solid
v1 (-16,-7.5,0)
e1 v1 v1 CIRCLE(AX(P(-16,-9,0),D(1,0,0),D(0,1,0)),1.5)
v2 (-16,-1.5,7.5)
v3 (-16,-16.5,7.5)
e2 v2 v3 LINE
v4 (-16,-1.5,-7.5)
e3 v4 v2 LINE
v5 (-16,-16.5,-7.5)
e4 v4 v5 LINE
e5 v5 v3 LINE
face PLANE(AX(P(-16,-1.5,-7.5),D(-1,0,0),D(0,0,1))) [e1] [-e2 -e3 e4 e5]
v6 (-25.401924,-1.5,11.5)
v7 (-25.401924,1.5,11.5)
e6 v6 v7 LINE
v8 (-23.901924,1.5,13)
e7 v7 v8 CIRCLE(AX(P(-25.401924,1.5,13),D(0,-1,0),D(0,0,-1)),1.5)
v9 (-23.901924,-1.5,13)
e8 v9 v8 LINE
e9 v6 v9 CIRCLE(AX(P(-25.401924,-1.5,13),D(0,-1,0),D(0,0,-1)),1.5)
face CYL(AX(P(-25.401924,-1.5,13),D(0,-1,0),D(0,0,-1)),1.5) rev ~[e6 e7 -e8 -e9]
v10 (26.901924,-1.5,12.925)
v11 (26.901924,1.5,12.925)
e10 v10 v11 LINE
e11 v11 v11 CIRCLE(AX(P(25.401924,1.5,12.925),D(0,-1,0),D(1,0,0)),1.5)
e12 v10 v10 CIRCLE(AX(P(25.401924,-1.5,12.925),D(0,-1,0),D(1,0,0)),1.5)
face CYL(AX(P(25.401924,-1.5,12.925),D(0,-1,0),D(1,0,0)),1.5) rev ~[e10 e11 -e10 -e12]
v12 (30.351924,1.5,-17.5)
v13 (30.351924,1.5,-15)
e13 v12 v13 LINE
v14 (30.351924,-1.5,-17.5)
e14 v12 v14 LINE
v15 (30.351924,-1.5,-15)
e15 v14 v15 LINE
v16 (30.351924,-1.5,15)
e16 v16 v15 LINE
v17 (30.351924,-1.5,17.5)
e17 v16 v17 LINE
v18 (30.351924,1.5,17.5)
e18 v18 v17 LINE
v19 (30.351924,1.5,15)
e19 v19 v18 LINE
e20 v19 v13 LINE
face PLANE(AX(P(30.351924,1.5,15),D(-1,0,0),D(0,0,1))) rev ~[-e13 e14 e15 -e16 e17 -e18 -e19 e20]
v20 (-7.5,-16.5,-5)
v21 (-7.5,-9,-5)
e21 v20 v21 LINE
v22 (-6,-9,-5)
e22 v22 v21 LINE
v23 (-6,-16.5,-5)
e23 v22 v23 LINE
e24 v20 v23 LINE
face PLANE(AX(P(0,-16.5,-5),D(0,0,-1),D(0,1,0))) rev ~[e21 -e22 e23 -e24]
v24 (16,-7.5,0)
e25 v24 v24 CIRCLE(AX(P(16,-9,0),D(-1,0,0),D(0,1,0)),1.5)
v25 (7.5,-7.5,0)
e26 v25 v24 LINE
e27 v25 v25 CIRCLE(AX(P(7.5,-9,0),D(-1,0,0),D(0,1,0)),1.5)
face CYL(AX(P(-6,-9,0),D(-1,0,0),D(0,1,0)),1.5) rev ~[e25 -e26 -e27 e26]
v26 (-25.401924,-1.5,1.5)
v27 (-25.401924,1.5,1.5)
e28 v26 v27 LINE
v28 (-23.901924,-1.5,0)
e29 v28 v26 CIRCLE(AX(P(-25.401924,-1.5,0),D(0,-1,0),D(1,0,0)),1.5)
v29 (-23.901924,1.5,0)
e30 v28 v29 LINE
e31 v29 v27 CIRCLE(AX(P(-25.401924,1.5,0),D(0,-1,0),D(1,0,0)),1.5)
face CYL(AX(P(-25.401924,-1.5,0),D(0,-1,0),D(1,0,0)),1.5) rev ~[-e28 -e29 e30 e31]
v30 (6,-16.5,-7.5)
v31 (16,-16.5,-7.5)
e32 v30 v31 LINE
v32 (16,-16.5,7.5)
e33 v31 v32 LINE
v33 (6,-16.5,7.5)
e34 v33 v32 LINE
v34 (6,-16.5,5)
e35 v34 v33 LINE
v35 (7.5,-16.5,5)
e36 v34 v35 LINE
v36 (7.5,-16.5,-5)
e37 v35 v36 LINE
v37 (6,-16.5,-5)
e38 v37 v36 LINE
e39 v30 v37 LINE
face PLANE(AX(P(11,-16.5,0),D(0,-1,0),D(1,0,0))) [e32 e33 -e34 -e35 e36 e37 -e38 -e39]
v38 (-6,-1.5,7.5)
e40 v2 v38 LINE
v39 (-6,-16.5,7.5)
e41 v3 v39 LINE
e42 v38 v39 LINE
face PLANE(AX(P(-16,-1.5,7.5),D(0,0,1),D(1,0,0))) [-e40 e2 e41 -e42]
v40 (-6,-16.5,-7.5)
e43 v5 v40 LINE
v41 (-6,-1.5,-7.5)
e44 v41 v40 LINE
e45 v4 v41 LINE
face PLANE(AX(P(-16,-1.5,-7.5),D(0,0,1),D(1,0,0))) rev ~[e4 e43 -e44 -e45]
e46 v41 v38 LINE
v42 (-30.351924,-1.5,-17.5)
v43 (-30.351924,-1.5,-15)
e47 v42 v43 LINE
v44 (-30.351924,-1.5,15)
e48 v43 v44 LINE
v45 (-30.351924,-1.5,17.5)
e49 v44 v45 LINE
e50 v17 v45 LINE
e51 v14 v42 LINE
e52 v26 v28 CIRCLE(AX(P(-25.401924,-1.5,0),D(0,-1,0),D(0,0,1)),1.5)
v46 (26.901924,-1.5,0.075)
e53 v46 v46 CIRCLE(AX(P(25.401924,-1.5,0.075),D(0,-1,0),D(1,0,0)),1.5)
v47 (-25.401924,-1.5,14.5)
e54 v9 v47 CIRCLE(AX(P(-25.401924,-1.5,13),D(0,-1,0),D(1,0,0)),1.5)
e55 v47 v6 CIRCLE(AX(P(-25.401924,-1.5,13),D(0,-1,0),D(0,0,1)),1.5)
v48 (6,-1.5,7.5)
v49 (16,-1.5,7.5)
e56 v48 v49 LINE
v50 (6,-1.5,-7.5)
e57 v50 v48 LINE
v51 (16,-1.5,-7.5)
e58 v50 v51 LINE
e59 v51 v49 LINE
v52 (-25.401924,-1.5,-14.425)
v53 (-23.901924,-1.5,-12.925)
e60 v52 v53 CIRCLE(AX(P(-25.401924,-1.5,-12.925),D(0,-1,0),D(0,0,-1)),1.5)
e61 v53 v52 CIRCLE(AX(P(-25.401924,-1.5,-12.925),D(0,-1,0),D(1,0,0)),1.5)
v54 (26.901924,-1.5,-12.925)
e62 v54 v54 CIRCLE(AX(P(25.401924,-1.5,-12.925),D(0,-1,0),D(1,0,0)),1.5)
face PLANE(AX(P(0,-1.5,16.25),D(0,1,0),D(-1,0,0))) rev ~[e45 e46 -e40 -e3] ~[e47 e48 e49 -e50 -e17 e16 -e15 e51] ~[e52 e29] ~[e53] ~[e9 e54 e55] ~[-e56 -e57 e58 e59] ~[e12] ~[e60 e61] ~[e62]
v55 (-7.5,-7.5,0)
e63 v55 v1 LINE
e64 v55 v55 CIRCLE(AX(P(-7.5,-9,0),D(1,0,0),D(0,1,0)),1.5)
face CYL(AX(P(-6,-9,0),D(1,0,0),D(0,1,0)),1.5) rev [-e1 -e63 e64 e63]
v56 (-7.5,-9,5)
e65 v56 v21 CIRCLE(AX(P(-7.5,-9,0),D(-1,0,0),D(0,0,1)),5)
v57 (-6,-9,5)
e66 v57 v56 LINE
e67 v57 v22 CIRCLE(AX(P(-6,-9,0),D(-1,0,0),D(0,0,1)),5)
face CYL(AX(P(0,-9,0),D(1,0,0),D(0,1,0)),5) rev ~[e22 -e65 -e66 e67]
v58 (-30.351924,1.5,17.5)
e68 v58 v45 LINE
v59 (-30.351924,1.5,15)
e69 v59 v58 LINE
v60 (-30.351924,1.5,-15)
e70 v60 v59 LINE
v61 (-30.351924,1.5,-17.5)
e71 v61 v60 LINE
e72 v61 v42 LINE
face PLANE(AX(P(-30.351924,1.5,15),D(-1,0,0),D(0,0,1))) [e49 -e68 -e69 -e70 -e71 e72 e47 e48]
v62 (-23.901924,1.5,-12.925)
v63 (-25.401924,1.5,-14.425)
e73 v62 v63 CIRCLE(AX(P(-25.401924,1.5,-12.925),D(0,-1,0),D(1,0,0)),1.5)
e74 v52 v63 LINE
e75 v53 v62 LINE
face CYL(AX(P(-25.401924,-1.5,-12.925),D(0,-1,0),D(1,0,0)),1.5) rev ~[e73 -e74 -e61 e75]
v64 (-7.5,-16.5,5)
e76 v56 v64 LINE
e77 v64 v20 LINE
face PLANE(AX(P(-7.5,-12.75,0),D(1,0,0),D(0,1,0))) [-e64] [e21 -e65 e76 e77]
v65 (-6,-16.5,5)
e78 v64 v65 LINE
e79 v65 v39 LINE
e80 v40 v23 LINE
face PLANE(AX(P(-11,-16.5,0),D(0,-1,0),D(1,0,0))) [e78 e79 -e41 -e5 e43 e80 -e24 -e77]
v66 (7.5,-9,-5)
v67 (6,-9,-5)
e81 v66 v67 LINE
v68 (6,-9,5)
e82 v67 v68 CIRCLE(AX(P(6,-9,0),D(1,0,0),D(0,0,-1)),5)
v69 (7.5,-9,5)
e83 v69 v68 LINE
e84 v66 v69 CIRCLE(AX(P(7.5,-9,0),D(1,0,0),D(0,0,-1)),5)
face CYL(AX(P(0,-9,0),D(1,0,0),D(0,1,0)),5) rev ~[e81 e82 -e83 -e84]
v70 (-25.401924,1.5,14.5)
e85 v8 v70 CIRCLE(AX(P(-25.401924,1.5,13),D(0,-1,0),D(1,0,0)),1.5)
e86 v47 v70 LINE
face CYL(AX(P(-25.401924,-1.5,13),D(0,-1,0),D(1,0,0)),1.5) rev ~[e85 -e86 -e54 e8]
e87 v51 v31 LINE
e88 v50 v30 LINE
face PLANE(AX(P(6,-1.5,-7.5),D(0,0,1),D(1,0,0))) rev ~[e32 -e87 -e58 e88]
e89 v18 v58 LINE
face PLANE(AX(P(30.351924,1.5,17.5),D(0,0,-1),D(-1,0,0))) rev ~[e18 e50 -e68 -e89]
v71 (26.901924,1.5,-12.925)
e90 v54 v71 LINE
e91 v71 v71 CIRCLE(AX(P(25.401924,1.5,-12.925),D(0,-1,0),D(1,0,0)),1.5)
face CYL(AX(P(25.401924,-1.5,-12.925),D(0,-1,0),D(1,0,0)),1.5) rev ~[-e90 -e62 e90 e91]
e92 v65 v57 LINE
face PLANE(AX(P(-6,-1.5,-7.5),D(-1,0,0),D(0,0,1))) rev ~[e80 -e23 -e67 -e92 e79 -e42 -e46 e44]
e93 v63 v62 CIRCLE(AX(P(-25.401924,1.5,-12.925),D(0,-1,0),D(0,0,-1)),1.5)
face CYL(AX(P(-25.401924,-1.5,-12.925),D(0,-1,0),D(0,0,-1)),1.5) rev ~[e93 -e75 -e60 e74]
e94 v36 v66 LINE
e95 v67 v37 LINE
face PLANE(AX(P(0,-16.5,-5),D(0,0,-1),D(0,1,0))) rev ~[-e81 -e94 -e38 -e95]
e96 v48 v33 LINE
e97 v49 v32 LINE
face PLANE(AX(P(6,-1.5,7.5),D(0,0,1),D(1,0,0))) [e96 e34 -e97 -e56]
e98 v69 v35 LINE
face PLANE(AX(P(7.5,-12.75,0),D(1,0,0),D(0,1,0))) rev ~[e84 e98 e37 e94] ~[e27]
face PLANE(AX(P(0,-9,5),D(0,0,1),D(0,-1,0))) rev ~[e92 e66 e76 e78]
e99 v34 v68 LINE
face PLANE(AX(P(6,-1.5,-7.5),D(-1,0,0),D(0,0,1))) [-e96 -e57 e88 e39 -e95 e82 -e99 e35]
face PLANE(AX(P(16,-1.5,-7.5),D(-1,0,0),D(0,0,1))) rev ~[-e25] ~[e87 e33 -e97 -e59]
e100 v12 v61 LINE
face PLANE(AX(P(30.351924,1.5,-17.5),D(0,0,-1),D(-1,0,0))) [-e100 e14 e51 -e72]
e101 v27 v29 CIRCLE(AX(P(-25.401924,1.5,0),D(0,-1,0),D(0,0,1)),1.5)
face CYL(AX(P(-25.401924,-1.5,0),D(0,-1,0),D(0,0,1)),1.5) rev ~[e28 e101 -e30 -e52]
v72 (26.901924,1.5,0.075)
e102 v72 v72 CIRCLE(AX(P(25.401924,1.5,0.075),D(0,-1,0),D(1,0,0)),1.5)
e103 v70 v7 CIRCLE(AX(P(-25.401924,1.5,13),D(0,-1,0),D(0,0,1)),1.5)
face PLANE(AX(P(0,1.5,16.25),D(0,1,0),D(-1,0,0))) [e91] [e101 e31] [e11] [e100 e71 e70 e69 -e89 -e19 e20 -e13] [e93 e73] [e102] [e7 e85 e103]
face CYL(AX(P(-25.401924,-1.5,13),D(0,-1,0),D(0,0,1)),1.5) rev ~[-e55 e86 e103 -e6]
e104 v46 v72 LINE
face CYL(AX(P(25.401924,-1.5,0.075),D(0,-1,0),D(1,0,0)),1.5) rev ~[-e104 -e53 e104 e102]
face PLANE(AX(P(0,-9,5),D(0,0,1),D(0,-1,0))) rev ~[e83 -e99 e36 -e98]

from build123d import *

# Parameters (mm, degrees)
F0_W      = 60
F0_H      = 30
F1_DEPTH  = 1.5
F2_W      = 10
F2_H      = 15
F3_DEPTH  = 15
F2_R      = 1.5
F4_DEPTH  = 3
F5_R      = 5
F5_R_2    = 1.5
F6_DEPTH  = 7.5
F7_DEPTH  = 30
F9_DEPTH  = 7.5
F10_W     = 0.3519237886
F10_H     = 30
F10_H_2   = 2.075
F10_H_3   = 27.925
F11_DEPTH = 3
F12_W     = 60.7038475773
F12_H     = 2.5
F13_DEPTH = 3


with BuildPart() as f1:
    # F0 (on Front) → F1 (new body, symmetric)
    with BuildSketch(Plane.XZ):
        Rectangle(F0_W, F0_H)
    extrude(amount=F1_DEPTH, both=True)

    # F2 (on face) → F3 (join)
    with BuildSketch(Plane.XZ.offset(1.5)):
        with Locations((-11, 0)):
            Rectangle(F2_W, F2_H)
        with Locations((11, 0)):
            Rectangle(F2_W, F2_H)
    extrude(amount=F3_DEPTH)

    # F2 (on face) → F4 (cut)
    with BuildSketch(Plane.XZ.offset(1.5)):
        with BuildLine():
            Line((-25.4019237886, 13), (-25.4019237886, 14.5))
            ThreePointArc((-25.4019237886, 14.5), (-26.9019237886, 13), (-25.4019237886, 11.5))
            Line((-25.4019237886, 11.5), (-25.4019237886, 12.925))
            Line((-25.4019237886, 12.925), (-25.4019237886, 13))
        make_face()
        with BuildLine():
            ThreePointArc((-23.9019237886, 13), (-24.3412636169, 14.0606601718), (-25.4019237886, 14.5))
            Line((-25.4019237886, 14.5), (-25.4019237886, 13))
            Line((-25.4019237886, 13), (-25.4019237886, 12.925))
            Line((-25.4019237886, 12.925), (-25.4019237886, 11.5))
            ThreePointArc((-25.4019237886, 11.5), (-24.3412636169, 11.9393398282), (-23.9019237886, 13))
        make_face()
        with BuildLine():
            ThreePointArc((-23.9019237886, -12.925), (-26.4625839604, -11.8643398282), (-25.4019237886, -14.425))
            ThreePointArc((-25.4019237886, -14.425), (-24.3412636169, -13.9856601718), (-23.9019237886, -12.925))
        make_face()
        with Locations((25.4019237886, 12.925)):
            Circle(F2_R)
        with Locations((25.4019237886, -12.925)):
            Circle(F2_R)
        with BuildLine():
            ThreePointArc((-23.9019237886, 0), (-24.3412636169, 1.0606601718), (-25.4019237886, 1.5))
            ThreePointArc((-25.4019237886, 1.5), (-26.4625839604, -1.0606601718), (-23.9019237886, 0))
        make_face()
        with Locations((25.4019237886, 0.075)):
            Circle(F2_R)
    extrude(amount=-F4_DEPTH, mode=Mode.SUBTRACT)

    # F5 (on Right) → F6 (cut, symmetric)
    with BuildSketch(Plane.YZ):
        with Locations((-9, 0)):
            Circle(F5_R)
        with Locations((-9, 0)):
            Circle(F5_R_2, mode=Mode.SUBTRACT)
    extrude(amount=F6_DEPTH, both=True, mode=Mode.SUBTRACT)

    # F7 (cut, symmetric): a face of the model
    f7_faces = [f1.faces().sort_by_distance(p)[0] for p in [
        (-6, -9, 0),
    ]]
    extrude(f7_faces, amount=F7_DEPTH, both=True, mode=Mode.SUBTRACT)

    # F8 (on Right) → F9 (cut, symmetric)
    with BuildSketch(Plane.YZ):
        Polygon((-9, 5), (-16.5, 5), (-16.5, -5), (-9, -5), (-9, 0), align=None)
    extrude(amount=F9_DEPTH, both=True, mode=Mode.SUBTRACT)

    # F10 (on face) → F11 (join)
    with BuildSketch(Plane(origin=(0, 1.5, 0), x_dir=(-1, 0, 0), z_dir=(0, 1, 0))):
        with Locations((30.1759618943, 0)):
            Rectangle(F10_W, F10_H)
        with Locations((-30.1759618943, -13.9625)):
            Rectangle(F10_W, F10_H_2)
        with Locations((-30.1759618943, 1.0375)):
            Rectangle(F10_W, F10_H_3)
    extrude(amount=-F11_DEPTH)

    # F12 (on face) → F13 (join)
    with BuildSketch(Plane(origin=(0, 1.5, 0), x_dir=(-1, 0, 0), z_dir=(0, 1, 0))):
        with Locations((0, 16.25)):
            Rectangle(F12_W, F12_H)
        with Locations((0, -16.25)):
            Rectangle(F12_W, F12_H)
    extrude(amount=-F13_DEPTH)


solid = f1.part
